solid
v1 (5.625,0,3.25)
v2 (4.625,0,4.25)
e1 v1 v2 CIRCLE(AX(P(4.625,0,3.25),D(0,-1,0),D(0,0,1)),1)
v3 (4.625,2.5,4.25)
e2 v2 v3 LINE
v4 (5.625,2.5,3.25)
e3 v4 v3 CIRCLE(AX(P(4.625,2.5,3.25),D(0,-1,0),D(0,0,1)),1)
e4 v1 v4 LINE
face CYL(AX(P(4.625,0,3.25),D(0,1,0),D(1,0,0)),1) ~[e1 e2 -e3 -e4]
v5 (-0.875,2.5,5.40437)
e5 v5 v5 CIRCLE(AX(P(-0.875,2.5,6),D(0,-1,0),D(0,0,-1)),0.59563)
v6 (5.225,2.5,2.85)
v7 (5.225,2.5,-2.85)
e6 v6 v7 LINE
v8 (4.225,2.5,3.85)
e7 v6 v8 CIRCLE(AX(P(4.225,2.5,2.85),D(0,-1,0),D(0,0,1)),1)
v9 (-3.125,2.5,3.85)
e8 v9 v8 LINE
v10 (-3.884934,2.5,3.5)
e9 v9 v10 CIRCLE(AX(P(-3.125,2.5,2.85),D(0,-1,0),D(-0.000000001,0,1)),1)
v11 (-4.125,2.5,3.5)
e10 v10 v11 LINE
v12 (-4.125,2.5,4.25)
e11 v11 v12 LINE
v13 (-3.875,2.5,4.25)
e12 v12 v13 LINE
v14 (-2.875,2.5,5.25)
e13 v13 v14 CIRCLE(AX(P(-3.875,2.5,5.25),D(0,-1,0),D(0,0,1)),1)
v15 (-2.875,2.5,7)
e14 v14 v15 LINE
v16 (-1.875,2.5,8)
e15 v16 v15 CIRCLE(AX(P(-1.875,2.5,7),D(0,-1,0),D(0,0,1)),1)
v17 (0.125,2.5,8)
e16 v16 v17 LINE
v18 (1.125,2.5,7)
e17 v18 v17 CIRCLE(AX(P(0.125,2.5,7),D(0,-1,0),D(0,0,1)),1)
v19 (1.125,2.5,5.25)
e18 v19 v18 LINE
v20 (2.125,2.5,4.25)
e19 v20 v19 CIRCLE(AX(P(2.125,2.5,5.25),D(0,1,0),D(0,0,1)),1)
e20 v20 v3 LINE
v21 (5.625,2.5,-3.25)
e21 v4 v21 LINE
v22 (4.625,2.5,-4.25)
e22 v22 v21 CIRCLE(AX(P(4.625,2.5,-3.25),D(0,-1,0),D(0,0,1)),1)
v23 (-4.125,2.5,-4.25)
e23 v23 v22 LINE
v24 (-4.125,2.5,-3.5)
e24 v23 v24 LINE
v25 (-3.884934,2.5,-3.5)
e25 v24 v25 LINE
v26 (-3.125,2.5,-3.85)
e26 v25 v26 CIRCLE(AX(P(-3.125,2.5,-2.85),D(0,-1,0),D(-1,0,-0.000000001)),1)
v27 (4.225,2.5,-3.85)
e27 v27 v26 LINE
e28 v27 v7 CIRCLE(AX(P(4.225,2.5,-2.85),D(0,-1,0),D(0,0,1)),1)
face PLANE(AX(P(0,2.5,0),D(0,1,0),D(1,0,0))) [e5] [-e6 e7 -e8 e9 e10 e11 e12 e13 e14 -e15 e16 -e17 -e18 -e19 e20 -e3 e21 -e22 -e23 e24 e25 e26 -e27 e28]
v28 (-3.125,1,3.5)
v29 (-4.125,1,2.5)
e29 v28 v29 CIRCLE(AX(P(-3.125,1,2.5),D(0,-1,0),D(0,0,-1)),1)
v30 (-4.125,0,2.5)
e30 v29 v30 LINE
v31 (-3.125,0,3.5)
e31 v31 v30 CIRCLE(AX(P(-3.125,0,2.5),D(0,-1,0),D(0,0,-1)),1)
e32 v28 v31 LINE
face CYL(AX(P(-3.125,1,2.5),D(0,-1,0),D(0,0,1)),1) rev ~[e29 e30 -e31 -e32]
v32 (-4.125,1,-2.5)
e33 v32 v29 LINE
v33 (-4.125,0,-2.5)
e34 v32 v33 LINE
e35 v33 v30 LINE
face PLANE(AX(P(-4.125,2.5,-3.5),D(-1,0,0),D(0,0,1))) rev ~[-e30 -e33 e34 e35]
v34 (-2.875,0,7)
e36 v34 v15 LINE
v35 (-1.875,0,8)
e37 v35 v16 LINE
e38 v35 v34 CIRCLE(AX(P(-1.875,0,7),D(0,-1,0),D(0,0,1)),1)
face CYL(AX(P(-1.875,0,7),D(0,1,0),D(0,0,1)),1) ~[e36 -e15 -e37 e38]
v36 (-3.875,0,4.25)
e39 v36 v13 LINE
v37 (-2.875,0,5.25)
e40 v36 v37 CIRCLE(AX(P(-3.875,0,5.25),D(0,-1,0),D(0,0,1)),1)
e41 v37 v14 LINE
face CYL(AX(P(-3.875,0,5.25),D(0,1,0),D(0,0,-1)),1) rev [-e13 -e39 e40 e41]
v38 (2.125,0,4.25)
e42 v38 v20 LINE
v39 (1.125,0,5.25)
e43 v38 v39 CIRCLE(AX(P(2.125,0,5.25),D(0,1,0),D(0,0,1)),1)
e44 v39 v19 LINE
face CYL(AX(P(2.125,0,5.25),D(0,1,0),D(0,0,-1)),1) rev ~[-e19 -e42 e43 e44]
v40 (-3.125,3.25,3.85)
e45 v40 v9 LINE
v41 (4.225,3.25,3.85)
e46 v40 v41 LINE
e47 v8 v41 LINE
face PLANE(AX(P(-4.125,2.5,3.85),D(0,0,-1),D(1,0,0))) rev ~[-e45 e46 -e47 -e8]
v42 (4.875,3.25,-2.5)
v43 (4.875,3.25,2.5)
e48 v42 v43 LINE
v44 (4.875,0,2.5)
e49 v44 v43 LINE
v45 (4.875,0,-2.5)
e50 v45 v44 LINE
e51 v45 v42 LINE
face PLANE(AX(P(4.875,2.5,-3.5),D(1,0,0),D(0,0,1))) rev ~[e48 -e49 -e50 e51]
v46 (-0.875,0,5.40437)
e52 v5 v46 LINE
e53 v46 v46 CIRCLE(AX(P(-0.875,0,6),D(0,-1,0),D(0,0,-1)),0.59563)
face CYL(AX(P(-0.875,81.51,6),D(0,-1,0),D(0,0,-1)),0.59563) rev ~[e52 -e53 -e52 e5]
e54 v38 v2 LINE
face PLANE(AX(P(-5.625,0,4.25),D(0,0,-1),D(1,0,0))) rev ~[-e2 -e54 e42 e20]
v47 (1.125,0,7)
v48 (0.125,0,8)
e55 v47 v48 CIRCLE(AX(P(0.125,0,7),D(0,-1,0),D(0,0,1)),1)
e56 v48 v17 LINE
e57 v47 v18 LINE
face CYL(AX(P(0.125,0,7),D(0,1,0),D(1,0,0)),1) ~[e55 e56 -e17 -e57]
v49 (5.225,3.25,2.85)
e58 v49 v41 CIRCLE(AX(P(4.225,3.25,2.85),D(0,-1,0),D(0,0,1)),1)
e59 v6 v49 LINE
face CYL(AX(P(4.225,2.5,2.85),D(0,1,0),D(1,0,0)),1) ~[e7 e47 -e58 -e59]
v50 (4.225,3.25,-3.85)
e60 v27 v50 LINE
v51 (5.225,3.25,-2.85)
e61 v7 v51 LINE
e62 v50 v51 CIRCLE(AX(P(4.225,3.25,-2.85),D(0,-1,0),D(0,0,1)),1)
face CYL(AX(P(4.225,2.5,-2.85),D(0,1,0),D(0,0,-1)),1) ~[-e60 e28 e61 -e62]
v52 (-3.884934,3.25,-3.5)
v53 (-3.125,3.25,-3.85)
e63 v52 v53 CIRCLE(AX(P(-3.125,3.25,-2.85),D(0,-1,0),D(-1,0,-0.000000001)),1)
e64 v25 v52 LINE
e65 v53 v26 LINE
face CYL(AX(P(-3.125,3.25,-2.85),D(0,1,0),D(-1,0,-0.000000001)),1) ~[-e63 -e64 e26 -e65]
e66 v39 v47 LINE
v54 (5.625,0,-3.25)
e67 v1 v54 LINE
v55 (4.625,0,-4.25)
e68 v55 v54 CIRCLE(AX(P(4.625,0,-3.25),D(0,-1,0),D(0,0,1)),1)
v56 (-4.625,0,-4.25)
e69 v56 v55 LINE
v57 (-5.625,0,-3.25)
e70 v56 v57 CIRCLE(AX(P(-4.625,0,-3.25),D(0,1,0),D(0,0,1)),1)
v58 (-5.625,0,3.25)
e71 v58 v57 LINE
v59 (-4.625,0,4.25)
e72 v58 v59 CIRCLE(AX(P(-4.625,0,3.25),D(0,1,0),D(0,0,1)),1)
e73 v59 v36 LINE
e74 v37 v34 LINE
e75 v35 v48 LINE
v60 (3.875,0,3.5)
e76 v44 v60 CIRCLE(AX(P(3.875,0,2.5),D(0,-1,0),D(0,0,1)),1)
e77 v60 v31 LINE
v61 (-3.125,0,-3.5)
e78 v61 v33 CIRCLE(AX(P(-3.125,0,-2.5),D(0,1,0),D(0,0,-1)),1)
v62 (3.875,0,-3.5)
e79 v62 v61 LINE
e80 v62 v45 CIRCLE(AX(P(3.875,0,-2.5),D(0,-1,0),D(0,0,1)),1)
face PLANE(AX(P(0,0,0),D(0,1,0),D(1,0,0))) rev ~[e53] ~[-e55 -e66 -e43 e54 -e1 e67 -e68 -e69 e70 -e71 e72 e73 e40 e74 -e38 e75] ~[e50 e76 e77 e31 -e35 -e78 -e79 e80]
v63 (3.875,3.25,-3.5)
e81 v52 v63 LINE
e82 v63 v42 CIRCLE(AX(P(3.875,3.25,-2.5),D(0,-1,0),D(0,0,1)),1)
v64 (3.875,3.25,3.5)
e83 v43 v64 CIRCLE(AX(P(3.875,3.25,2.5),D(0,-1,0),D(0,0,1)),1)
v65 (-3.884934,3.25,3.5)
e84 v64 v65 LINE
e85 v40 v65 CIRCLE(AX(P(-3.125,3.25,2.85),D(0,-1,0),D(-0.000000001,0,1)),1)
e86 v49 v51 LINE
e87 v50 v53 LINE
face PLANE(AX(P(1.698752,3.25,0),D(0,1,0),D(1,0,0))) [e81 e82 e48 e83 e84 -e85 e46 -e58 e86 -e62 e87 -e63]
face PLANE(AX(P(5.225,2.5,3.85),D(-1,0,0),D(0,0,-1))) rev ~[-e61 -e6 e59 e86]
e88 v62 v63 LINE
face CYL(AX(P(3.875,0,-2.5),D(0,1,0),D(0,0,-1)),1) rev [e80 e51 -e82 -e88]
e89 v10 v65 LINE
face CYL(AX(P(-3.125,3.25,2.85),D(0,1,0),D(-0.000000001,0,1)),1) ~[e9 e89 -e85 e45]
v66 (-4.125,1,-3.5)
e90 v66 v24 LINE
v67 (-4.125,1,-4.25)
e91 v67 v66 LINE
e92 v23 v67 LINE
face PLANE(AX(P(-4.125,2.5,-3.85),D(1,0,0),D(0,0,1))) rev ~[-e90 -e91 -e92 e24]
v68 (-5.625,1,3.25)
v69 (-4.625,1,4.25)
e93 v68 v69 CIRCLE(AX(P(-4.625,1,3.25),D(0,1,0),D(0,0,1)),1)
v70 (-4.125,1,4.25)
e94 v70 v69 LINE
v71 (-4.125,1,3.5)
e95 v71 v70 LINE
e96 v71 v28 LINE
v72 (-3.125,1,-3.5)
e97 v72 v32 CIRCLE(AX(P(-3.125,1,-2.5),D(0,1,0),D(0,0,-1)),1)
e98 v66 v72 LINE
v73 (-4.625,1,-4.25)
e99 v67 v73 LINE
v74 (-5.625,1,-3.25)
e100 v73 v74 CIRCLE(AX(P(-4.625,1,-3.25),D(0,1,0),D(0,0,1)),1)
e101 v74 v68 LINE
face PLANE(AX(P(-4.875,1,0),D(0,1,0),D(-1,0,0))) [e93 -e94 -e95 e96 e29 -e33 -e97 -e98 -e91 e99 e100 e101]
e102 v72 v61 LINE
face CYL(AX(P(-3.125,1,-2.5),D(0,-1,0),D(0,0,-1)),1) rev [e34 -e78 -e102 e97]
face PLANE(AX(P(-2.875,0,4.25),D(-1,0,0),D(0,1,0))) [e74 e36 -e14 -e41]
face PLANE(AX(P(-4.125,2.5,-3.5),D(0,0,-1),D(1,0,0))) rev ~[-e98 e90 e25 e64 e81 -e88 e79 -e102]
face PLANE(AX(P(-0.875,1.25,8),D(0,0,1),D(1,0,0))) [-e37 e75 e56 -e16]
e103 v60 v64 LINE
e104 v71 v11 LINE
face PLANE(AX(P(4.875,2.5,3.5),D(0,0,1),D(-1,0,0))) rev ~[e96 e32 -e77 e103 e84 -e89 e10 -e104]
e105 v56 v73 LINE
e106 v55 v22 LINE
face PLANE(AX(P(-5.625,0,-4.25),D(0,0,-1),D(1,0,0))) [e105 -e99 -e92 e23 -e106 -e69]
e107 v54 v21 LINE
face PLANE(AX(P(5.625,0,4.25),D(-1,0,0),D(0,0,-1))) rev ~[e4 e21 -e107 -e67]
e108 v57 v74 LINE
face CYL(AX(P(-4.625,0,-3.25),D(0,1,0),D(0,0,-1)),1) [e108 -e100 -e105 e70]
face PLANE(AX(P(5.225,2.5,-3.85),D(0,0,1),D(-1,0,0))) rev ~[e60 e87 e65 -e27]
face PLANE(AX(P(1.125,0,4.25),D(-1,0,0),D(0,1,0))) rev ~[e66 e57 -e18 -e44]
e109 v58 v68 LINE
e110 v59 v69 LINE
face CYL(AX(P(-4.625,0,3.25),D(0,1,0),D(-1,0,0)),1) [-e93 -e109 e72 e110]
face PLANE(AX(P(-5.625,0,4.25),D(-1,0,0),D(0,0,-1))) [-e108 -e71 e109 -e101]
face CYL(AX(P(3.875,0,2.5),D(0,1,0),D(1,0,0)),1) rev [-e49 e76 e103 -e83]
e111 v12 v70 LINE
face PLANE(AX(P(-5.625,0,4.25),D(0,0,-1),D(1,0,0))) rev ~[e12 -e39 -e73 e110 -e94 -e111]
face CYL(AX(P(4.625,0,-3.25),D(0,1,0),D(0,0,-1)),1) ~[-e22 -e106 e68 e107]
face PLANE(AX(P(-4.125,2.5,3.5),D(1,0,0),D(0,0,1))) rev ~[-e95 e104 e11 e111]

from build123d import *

# Parameters (mm, degrees)
SKETCH5_W                 = 11.25
SKETCH5_H                 = 8.5
EXTRUDE4_DEPTH            = 2.5
SKETCH19_W                = 1.5
SKETCH19_H                = 8.5
EXTRUDE12_DEPTH           = 1.5
SKETCH21_W                = 9
SKETCH21_H                = 7
EXTRUDE13_DEPTH           = 3.5
SKETCH22_W                = 4
SKETCH22_H                = 2.5
EXTRUDE14_DEPTH           = 3.75
EXTRUDE15_DEPTH           = 0.75
F_0_80_TAPPED_HOLE1_D     = 1.19126
F_0_80_TAPPED_HOLE1_DEPTH = 79.01
F_0_80_TAPPED_HOLE1_TIP   = 0.357890611
FILLET4_R                 = 1
EXTRUDE16_DEPTH           = 0.75
EXTRUDE17_DEPTH           = 0.75


with BuildPart() as part:
    # Sketch5 → Extrude4 (new body)
    with BuildSketch(Plane(origin=(0, 0, 0), x_dir=(1, 0, 0), z_dir=(0, 1, 0))):
        Rectangle(SKETCH5_W, SKETCH5_H)
    extrude(amount=EXTRUDE4_DEPTH)

    # Sketch19 → Extrude12 (cut)
    with BuildSketch(Plane(origin=(0, 2.5, 0), x_dir=(-1, 0, 0), z_dir=(0, 1, 0))):
        with Locations((4.875, 0)):
            Rectangle(SKETCH19_W, SKETCH19_H)
    extrude(amount=-EXTRUDE12_DEPTH, mode=Mode.SUBTRACT)

    # Sketch21 → Extrude13 (cut, through all)
    with BuildSketch(Plane(origin=(0, 2.5, 0), x_dir=(-1, 0, 0), z_dir=(0, 1, 0))):
        with Locations((-0.375, 0)):
            Rectangle(SKETCH21_W, SKETCH21_H)
    extrude(amount=-EXTRUDE13_DEPTH, mode=Mode.SUBTRACT)

    # Sketch22 → Extrude14 (add)
    with BuildSketch(Plane.XY.offset(4.25)):
        with Locations((-0.875, 1.25)):
            Rectangle(SKETCH22_W, SKETCH22_H)
    extrude(amount=EXTRUDE14_DEPTH)

    # Sketch24 → Extrude15 (add)
    with BuildSketch(Plane(origin=(0, 2.5, 0), x_dir=(1, 0, 0), z_dir=(0, 1, 0))):
        Polygon((-4.125, 3.85), (-4.125, 3.5), (4.875, 3.5), (4.875, -3.5), (-4.125, -3.5), (-4.125, -3.85), (5.225, -3.85), (5.225, 3.85), align=None)
    extrude(amount=EXTRUDE15_DEPTH)

    # #0-80 Tapped Hole1
    with Locations(Plane(origin=(-0.875, 2.5, 6), x_dir=(0, 0, 1), z_dir=(0, 1, 0))):
        with Locations((0, 0)):
            Hole(F_0_80_TAPPED_HOLE1_D / 2, depth=F_0_80_TAPPED_HOLE1_DEPTH)
            with Locations((0, 0, -(F_0_80_TAPPED_HOLE1_DEPTH + F_0_80_TAPPED_HOLE1_TIP / 2))):  # 118° drill point
                Cone(0, F_0_80_TAPPED_HOLE1_D / 2, F_0_80_TAPPED_HOLE1_TIP, mode=Mode.SUBTRACT)

    # Fillet4
    fillet4_edges = [part.edges().sort_by_distance(p)[0] for p in [
        (5.625, 1.25, -4.25),
        (5.225, 2.875, -3.85),
        (5.625, 1.25, 4.25),
        (5.225, 2.875, 3.85),
        (4.875, 1.625, 3.5),
        (4.875, 1.625, -3.5),
        (-4.125, 0.5, 3.5),
        (-4.125, 0.5, -3.5),
        (-5.625, 0.5, -4.25),
        (-5.625, 0.5, 4.25),
        (-2.875, 1.25, 4.25),
        (-2.875, 1.25, 8),
        (1.125, 1.25, 8),
        (1.125, 1.25, 4.25),
    ]]
    fillet(fillet4_edges, radius=FILLET4_R)

    # Sketch28 → Extrude16 (cut)
    with BuildSketch(Plane(origin=(0, 3.25, 0), x_dir=(-1, 0, 0), z_dir=(0, 1, 0))):
        with BuildLine():
            Line((3.125, -3.85), (4.125, -3.85))
            Line((4.125, -3.85), (4.125, -2.85))
            ThreePointArc((4.125, -2.85), (3.832106781, -3.557106781), (3.125, -3.85))
        make_face()
    extrude(amount=-EXTRUDE16_DEPTH, mode=Mode.SUBTRACT)

    # Sketch31 → Extrude17 (cut)
    with BuildSketch(Plane(origin=(0, 3.25, 0), x_dir=(-1, 0, 0), z_dir=(0, 1, 0))):
        with BuildLine():
            Line((4.125, 2.85), (4.125, 3.85))
            Line((4.125, 3.85), (3.125, 3.85))
            ThreePointArc((3.125, 3.85), (3.832106781, 3.557106781), (4.125, 2.85))
        make_face()
    extrude(amount=-EXTRUDE17_DEPTH, mode=Mode.SUBTRACT)


solid = part.part
